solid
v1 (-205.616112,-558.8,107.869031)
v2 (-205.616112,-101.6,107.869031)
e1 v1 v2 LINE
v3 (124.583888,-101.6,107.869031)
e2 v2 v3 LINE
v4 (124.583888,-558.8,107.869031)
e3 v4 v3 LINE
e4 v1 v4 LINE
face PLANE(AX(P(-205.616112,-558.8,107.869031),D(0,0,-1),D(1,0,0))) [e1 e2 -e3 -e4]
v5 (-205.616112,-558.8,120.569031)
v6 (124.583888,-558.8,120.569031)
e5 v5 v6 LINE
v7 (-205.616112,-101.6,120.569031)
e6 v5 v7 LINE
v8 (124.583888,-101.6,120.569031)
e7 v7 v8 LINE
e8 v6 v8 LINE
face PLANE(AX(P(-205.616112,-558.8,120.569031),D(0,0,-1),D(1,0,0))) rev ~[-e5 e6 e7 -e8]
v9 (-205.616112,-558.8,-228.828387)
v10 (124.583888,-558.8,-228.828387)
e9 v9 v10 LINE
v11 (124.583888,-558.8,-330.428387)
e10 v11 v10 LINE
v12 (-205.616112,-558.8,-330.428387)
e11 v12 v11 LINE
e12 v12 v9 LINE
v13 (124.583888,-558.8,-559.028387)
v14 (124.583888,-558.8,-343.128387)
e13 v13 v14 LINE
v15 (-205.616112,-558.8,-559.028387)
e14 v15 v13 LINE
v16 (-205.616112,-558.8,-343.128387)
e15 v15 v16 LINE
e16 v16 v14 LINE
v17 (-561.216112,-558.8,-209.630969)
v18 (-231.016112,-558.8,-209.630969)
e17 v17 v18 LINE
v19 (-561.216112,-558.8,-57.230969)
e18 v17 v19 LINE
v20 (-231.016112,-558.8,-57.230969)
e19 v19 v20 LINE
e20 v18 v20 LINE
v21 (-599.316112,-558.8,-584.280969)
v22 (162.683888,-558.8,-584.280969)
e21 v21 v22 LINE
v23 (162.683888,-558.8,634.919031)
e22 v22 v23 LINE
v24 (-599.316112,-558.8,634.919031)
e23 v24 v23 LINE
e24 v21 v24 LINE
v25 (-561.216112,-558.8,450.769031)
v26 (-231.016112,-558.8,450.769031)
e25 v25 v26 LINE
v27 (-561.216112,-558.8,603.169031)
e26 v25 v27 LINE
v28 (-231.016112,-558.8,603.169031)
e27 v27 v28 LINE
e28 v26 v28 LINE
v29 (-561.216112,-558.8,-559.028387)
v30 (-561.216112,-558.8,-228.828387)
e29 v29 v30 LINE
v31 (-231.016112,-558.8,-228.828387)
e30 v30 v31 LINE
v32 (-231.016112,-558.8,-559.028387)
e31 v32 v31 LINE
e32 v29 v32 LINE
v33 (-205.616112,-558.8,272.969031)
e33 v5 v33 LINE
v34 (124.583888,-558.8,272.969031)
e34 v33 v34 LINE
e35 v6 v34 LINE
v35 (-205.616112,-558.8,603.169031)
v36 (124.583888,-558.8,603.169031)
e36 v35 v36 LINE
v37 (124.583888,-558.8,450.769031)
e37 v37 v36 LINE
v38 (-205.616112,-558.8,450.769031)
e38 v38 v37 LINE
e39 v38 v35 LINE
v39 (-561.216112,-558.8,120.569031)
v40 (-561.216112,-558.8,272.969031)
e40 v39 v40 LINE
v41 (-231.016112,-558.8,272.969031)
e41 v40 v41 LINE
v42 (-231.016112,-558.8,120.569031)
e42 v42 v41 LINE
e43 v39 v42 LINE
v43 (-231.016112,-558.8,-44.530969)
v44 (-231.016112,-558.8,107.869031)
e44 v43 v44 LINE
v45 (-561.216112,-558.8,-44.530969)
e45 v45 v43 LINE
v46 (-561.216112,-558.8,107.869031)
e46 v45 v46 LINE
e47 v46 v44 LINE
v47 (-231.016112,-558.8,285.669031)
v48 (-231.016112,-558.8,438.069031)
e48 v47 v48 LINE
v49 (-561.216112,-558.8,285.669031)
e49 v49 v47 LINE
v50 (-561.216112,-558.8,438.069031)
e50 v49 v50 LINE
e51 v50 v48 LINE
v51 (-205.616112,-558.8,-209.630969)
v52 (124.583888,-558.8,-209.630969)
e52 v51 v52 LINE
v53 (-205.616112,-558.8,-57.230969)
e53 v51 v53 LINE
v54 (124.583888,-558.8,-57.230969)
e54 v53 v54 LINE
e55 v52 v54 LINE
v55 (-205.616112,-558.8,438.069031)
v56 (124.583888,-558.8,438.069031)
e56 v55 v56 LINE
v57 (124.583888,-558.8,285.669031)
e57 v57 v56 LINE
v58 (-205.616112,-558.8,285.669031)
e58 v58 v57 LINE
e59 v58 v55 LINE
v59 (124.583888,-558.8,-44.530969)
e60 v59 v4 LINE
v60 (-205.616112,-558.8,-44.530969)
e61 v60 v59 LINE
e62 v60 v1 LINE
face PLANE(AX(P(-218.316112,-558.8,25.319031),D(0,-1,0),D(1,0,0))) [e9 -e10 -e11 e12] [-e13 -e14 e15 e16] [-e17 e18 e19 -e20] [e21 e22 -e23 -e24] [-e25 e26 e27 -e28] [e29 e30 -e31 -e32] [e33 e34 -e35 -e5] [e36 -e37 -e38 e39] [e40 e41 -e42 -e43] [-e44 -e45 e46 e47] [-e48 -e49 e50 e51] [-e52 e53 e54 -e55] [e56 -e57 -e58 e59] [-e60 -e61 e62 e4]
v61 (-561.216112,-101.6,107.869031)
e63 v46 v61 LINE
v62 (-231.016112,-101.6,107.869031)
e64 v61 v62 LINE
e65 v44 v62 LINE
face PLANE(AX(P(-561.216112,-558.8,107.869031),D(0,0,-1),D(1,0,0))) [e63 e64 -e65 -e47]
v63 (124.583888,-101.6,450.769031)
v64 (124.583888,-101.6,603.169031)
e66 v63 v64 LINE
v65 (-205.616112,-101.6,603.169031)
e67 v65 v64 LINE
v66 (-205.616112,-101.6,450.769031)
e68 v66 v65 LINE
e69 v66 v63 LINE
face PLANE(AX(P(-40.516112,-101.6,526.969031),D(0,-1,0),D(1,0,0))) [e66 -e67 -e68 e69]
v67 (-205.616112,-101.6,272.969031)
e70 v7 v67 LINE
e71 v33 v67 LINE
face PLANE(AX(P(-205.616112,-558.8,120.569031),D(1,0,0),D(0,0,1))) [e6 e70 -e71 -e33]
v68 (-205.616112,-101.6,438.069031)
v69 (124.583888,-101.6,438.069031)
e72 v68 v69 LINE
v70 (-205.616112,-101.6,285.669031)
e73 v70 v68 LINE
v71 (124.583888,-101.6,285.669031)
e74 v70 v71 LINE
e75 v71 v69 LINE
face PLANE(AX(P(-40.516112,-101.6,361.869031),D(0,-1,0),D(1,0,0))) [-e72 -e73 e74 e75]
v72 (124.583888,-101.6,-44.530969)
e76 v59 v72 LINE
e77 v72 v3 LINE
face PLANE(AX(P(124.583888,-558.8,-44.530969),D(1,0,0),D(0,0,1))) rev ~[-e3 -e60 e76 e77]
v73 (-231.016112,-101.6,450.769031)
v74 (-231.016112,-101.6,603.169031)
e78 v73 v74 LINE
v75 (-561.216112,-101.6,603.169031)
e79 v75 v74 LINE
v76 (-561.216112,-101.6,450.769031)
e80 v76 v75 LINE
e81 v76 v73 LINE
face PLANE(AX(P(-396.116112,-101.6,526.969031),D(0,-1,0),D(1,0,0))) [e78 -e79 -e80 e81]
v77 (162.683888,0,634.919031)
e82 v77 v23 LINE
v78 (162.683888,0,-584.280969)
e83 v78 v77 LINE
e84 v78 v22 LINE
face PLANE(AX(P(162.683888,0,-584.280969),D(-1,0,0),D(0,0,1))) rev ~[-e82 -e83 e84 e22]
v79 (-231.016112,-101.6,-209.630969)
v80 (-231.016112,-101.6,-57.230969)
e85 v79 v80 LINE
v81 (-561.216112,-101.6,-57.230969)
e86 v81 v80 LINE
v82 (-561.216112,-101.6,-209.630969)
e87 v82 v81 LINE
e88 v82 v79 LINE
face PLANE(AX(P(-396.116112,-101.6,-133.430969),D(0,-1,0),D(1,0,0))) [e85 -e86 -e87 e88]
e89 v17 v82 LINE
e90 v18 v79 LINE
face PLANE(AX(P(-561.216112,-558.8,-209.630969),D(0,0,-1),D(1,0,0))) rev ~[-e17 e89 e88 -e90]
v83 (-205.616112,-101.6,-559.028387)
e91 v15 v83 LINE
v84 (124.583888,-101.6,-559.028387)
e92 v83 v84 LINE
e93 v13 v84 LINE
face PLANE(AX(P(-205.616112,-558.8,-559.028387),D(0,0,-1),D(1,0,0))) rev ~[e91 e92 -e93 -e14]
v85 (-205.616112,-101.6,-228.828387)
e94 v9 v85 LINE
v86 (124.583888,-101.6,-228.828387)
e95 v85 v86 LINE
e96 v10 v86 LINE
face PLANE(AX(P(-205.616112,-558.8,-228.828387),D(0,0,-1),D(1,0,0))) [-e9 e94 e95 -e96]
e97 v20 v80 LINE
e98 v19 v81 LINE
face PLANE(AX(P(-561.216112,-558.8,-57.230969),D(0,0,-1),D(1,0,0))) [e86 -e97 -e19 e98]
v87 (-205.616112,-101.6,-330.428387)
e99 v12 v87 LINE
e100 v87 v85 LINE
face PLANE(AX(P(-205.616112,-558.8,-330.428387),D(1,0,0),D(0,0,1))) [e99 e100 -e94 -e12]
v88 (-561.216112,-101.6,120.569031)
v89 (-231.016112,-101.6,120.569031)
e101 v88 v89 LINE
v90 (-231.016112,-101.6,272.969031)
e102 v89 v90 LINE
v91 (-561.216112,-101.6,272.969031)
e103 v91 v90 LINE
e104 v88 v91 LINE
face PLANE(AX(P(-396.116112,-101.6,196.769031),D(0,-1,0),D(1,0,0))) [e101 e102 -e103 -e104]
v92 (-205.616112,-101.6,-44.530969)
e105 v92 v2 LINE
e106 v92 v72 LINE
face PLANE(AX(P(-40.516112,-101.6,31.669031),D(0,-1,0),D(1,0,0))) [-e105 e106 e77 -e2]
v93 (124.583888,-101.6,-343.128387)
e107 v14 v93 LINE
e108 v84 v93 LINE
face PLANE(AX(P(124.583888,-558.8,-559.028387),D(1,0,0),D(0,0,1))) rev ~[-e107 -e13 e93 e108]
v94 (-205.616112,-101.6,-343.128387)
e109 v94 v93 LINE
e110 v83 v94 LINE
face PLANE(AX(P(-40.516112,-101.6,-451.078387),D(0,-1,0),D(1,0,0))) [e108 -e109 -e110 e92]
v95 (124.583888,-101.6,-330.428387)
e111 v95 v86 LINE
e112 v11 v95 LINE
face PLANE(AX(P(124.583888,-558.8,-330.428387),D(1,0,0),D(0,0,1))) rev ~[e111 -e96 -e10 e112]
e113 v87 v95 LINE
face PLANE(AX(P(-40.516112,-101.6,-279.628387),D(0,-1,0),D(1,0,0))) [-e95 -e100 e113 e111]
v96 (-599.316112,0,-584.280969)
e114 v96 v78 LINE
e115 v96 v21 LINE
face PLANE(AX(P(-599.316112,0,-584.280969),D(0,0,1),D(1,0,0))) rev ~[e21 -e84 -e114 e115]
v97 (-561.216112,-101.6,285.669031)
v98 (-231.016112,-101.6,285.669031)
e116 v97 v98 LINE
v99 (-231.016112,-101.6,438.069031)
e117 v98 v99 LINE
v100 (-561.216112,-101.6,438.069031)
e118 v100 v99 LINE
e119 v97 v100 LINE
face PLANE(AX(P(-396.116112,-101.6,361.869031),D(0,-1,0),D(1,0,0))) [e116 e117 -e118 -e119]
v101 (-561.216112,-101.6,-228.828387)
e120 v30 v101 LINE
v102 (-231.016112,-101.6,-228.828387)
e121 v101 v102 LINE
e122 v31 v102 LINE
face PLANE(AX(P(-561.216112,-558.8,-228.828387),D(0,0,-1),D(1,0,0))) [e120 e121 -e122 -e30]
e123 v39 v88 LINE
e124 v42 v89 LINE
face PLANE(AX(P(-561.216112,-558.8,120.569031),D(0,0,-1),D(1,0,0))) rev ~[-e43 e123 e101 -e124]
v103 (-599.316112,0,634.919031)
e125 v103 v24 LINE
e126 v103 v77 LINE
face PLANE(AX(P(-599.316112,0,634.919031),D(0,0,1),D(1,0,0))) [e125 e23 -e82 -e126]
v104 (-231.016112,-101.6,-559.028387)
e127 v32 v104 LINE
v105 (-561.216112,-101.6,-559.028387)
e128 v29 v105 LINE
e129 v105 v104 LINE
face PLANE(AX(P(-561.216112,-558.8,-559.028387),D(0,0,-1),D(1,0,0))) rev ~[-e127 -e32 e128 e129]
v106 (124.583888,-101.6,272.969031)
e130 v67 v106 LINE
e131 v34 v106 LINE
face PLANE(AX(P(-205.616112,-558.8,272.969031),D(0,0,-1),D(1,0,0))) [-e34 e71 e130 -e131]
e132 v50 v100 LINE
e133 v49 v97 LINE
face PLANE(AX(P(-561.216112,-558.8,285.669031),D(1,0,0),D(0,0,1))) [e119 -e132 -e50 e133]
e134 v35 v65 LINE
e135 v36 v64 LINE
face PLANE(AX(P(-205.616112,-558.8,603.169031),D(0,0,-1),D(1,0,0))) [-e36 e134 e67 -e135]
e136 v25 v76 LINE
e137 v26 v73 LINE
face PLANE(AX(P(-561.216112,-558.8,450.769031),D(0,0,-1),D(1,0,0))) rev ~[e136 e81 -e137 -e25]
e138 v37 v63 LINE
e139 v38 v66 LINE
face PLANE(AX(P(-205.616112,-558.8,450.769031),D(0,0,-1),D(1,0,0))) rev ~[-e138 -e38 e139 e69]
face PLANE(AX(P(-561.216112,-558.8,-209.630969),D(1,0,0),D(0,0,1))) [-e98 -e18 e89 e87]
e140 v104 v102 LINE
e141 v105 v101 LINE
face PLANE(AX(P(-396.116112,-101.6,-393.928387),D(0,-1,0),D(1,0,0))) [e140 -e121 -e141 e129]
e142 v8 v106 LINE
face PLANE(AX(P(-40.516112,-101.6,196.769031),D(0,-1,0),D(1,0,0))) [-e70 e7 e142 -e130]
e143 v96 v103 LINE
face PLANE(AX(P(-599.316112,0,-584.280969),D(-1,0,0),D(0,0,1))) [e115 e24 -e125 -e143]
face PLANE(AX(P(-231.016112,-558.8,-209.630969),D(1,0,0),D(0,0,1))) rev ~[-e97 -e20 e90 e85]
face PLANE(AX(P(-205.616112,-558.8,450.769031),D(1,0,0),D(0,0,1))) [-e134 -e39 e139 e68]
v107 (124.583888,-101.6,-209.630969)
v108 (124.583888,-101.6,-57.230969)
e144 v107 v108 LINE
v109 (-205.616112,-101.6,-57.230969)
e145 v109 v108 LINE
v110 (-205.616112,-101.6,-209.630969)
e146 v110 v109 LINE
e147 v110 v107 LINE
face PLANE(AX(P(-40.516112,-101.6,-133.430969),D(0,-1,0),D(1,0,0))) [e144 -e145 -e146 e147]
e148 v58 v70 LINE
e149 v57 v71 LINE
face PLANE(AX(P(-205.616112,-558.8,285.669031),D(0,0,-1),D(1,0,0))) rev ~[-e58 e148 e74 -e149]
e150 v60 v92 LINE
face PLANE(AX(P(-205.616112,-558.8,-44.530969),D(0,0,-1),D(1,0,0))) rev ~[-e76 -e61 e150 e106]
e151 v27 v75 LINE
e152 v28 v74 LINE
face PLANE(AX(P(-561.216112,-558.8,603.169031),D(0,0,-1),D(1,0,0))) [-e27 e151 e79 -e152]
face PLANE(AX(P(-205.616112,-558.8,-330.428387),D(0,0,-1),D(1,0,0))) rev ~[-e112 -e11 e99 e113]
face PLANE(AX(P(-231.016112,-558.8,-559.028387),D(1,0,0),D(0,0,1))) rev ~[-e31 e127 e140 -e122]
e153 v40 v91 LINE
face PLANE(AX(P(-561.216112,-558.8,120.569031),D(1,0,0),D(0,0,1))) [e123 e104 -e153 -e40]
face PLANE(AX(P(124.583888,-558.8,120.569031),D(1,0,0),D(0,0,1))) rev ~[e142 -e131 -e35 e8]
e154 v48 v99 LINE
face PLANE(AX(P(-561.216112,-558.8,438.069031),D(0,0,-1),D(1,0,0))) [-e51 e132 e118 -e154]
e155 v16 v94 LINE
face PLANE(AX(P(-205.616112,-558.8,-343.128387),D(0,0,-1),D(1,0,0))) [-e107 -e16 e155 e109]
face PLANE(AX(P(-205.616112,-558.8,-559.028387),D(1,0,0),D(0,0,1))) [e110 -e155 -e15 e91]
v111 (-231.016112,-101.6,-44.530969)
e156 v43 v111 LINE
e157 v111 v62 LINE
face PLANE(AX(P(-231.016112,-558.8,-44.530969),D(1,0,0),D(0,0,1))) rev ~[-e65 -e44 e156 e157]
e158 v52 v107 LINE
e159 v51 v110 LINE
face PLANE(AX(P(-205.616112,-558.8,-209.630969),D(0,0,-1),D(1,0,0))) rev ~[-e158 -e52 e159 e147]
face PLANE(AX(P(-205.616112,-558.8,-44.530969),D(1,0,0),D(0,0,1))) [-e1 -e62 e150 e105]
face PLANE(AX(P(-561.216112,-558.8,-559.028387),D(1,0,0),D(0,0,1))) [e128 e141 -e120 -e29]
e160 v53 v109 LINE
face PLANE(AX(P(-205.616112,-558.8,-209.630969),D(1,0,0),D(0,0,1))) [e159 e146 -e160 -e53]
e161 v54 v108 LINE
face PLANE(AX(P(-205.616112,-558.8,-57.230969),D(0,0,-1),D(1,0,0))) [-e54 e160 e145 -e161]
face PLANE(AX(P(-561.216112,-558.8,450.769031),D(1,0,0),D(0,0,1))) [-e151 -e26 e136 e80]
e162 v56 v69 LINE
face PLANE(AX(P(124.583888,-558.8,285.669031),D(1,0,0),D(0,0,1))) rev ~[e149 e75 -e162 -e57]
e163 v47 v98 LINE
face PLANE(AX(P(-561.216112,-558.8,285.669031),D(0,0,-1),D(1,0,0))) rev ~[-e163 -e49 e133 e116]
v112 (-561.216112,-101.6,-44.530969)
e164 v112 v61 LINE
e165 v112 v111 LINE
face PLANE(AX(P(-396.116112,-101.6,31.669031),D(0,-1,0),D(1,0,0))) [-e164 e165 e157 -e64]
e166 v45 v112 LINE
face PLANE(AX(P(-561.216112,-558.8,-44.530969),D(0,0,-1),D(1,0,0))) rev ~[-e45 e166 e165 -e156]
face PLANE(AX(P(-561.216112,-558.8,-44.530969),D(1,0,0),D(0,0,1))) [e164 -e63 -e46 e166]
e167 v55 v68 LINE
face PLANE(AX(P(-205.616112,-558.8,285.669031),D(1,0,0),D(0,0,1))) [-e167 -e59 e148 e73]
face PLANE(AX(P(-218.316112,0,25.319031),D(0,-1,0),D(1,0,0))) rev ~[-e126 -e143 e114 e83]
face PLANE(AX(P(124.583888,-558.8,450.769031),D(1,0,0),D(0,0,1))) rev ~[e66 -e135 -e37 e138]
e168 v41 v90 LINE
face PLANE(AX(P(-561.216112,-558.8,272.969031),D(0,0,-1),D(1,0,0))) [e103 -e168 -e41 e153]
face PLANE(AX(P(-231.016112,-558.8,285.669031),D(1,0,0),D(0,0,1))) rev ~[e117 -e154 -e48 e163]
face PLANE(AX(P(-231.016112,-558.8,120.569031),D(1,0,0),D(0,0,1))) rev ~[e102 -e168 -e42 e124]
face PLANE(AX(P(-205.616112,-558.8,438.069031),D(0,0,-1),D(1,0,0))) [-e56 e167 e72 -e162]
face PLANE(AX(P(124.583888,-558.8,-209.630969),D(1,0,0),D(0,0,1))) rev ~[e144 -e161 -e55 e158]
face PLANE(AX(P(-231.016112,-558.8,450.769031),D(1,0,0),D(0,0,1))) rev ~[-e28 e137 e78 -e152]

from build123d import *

# Parameters (mm, degrees)
F0_W     = 762
F0_H     = 1219.2
F1_DEPTH = 558.8
F2_W     = 330.2
F2_H     = 152.4
F2_H_2   = 330.2
F2_H_3   = 101.6
F2_H_4   = 215.9
F3_DEPTH = 457.2


with BuildPart() as f1:
    # F0 (on Front) → F1 (new body)
    with BuildSketch(Plane.XZ):
        with Locations((-218.316112, 25.319031)):
            Rectangle(F0_W, F0_H)
    extrude(amount=F1_DEPTH)

    # F2 (on face) → F3 (cut)
    with BuildSketch(Plane.XZ.offset(558.8)):
        with Locations((-396.116112, 526.969031)):
            Rectangle(F2_W, F2_H)
        with Locations((-396.116112, 361.869031)):
            Rectangle(F2_W, F2_H)
        with Locations((-396.116112, 196.769031)):
            Rectangle(F2_W, F2_H)
        with Locations((-396.116112, 31.669031)):
            Rectangle(F2_W, F2_H)
        with Locations((-396.116112, -393.928387)):
            Rectangle(F2_W, F2_H_2)
        with Locations((-396.116112, -133.430969)):
            Rectangle(F2_W, F2_H)
        with Locations((-40.516112, 526.969031)):
            Rectangle(F2_W, F2_H)
        with Locations((-40.516112, 361.869031)):
            Rectangle(F2_W, F2_H)
        with Locations((-40.516112, 196.769031)):
            Rectangle(F2_W, F2_H)
        with Locations((-40.516112, 31.669031)):
            Rectangle(F2_W, F2_H)
        with Locations((-40.516112, -133.430969)):
            Rectangle(F2_W, F2_H)
        with Locations((-40.516112, -279.628387)):
            Rectangle(F2_W, F2_H_3)
        with Locations((-40.516112, -451.078387)):
            Rectangle(F2_W, F2_H_4)
    extrude(amount=-F3_DEPTH, mode=Mode.SUBTRACT)


solid = f1.part
